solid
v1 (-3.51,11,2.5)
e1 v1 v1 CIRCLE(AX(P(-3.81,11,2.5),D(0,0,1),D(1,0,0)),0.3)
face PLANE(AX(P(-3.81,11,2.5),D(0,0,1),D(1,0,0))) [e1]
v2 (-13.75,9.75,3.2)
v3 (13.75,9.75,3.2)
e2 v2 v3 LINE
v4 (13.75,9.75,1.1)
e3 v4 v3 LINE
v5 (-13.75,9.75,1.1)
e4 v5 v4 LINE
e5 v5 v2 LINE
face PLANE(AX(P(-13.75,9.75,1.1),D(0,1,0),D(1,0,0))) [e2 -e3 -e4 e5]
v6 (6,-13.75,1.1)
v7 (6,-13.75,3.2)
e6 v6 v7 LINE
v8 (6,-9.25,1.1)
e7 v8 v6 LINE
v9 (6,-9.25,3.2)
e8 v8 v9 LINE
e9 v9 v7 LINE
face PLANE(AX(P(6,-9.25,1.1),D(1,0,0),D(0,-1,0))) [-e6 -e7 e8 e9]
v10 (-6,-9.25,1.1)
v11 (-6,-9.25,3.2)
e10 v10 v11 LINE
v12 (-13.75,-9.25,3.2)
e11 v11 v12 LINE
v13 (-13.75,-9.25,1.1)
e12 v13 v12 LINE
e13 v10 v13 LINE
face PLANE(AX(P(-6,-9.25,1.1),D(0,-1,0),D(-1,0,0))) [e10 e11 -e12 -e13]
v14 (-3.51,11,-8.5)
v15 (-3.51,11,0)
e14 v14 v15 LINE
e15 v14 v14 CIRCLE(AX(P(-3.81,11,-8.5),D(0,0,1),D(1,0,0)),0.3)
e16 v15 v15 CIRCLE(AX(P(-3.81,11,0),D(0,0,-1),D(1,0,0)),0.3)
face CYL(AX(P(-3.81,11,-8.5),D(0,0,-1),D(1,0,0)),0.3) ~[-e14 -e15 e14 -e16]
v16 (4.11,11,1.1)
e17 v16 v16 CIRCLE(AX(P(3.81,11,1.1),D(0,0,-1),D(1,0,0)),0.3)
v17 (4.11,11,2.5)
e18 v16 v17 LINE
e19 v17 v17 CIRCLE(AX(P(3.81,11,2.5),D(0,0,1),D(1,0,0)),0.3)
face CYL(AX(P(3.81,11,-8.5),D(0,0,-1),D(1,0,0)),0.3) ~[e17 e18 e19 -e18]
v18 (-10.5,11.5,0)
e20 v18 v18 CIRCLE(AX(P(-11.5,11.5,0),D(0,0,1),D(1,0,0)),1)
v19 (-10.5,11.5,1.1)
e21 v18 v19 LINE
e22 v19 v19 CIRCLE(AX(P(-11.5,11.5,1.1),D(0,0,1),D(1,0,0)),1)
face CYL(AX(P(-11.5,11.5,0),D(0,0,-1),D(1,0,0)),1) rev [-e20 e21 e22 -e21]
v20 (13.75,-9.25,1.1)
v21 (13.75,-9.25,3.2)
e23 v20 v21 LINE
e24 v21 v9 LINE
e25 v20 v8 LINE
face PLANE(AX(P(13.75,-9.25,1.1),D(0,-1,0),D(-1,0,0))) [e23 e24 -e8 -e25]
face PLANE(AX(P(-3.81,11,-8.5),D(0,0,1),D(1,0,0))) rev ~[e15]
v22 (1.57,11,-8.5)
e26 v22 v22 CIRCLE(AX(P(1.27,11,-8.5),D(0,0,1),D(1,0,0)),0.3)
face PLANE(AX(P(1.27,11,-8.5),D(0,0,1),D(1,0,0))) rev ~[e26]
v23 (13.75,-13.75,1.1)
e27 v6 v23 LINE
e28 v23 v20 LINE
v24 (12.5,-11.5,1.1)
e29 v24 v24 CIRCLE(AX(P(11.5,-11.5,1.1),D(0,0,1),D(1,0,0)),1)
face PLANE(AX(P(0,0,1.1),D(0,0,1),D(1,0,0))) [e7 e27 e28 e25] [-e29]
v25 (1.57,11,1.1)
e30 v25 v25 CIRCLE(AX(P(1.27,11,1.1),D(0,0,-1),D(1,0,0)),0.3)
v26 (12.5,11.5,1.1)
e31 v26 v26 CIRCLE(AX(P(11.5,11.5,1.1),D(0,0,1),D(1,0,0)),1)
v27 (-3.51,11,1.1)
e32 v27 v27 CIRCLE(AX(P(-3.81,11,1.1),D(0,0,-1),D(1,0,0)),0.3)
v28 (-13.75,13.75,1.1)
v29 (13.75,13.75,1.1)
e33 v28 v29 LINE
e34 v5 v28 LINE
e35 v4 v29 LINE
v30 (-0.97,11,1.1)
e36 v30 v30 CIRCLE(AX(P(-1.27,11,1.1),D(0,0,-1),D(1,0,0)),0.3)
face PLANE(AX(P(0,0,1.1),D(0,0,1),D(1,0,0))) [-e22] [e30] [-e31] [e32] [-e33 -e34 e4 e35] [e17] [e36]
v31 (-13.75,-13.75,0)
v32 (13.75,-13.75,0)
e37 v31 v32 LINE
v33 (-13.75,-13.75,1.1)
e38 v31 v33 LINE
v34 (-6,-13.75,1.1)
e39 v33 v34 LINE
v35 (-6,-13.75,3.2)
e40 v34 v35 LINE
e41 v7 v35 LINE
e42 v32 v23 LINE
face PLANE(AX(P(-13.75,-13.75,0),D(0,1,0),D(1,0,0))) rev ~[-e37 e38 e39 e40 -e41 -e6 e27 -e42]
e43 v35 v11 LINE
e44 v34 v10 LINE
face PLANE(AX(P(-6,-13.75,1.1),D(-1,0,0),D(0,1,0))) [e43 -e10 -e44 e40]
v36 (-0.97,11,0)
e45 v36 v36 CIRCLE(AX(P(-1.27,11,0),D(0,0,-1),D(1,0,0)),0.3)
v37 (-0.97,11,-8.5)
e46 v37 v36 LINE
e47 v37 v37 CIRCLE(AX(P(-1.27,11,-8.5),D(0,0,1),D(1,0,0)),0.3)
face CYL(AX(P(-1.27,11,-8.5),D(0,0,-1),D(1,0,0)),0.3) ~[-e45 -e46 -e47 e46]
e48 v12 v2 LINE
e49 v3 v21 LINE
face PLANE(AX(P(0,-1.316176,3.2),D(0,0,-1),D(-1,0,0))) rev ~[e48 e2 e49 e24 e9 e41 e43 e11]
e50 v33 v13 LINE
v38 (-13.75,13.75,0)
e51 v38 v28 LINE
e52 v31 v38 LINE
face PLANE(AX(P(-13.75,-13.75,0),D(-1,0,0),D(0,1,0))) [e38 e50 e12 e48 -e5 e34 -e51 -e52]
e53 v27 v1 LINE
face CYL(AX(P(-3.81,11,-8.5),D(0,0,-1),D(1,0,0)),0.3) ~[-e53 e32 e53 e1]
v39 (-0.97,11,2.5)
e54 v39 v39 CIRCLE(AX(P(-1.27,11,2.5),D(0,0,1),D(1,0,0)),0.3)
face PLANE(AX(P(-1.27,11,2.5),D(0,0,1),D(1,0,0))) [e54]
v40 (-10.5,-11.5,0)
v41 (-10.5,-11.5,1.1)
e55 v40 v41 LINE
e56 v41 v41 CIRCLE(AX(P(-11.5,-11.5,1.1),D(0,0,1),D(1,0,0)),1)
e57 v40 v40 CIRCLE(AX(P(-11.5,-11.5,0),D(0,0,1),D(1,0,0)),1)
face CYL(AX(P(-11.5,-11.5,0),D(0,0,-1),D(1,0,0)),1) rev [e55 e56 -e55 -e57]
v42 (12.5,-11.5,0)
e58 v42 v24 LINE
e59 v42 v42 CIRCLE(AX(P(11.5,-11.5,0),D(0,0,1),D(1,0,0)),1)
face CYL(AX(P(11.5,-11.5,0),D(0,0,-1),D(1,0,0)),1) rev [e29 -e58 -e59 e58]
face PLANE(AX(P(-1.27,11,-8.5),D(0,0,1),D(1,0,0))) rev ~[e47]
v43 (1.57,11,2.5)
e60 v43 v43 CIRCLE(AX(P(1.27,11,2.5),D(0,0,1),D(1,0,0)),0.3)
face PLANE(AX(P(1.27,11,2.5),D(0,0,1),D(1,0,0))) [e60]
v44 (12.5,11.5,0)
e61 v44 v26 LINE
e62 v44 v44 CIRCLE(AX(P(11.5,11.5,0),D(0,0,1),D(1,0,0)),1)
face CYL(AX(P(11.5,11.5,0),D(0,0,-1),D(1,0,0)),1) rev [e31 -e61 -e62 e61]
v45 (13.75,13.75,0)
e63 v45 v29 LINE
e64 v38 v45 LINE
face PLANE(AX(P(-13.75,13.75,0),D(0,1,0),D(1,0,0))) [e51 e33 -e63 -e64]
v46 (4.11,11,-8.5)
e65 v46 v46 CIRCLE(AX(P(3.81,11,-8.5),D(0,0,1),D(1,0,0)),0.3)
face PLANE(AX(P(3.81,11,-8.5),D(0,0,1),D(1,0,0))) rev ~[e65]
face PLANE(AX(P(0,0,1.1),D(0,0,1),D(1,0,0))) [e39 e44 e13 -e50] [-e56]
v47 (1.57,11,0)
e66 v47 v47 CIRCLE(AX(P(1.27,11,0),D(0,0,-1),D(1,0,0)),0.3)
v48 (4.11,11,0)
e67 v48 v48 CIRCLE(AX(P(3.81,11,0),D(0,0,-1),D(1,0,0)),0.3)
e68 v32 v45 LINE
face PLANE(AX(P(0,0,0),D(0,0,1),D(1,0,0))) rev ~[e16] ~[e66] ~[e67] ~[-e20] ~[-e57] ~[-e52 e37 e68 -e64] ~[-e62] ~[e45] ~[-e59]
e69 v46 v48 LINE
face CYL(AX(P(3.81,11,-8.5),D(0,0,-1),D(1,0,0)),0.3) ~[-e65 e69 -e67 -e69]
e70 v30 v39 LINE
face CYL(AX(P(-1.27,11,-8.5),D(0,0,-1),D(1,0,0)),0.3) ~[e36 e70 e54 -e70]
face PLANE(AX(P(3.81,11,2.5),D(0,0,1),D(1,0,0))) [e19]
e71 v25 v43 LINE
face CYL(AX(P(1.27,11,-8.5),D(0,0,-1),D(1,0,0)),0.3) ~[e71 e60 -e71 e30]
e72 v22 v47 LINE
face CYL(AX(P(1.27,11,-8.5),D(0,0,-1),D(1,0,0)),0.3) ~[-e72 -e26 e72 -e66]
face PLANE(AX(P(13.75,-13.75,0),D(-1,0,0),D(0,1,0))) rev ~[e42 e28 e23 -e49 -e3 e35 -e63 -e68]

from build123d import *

# Parameters (mm, degrees)
CYLINDER_R        = 0.3
CYLINDER_DEPTH    = 11
CYLINDER001_R     = 0.3
CYLINDER001_DEPTH = 11
CYLINDER002_R     = 0.3
CYLINDER002_DEPTH = 11
CYLINDER003_R     = 0.3
CYLINDER003_DEPTH = 11
SKETCH_W          = 27.5
SKETCH_H          = 27.5
PAD_DEPTH         = 1.1
SKETCH001_R       = 1
POCKET_DEPTH      = 1.1
PAD001_DEPTH      = 2.1


with BuildPart() as zylinder:
    # Cylinder → Cylinder (new body)
    with BuildSketch(Plane(origin=(-3.81, 11, -8.5), x_dir=(1, 0, 0), z_dir=(0, 0, 1))):
        Circle(CYLINDER_R)
    extrude(amount=CYLINDER_DEPTH)


with BuildPart() as zylinder001:
    # Cylinder001 → Cylinder001 (new body)
    with BuildSketch(Plane(origin=(-1.27, 11, -8.5), x_dir=(1, 0, 0), z_dir=(0, 0, 1))):
        Circle(CYLINDER001_R)
    extrude(amount=CYLINDER001_DEPTH)


with BuildPart() as zylinder002:
    # Cylinder002 → Cylinder002 (new body)
    with BuildSketch(Plane(origin=(3.81, 11, -8.5), x_dir=(1, 0, 0), z_dir=(0, 0, 1))):
        Circle(CYLINDER002_R)
    extrude(amount=CYLINDER002_DEPTH)


with BuildPart() as zylinder003:
    # Cylinder003 → Cylinder003 (new body)
    with BuildSketch(Plane(origin=(1.27, 11, -8.5), x_dir=(1, 0, 0), z_dir=(0, 0, 1))):
        Circle(CYLINDER003_R)
    extrude(amount=CYLINDER003_DEPTH)


with BuildPart() as fusion:
    # Sketch → Pad (new body)
    with BuildSketch(Plane.XY):
        Rectangle(SKETCH_W, SKETCH_H)
    extrude(amount=PAD_DEPTH)

    # Sketch001 → Pocket (cut)
    with BuildSketch(Plane.XY):
        with Locations((-11.5, 11.5)):
            Circle(SKETCH001_R)
        with Locations((11.5, 11.5)):
            Circle(SKETCH001_R)
        with Locations((11.5, -11.5)):
            Circle(SKETCH001_R)
        with Locations((-11.5, -11.5)):
            Circle(SKETCH001_R)
    extrude(amount=POCKET_DEPTH, mode=Mode.SUBTRACT)

    # Sketch002 (on Face5 of Pocket) → Pad001 (join)
    with BuildSketch(Plane.XY.offset(1.1)):
        Polygon((-13.75, 9.75), (13.75, 9.75), (13.75, -9.25), (6, -9.25), (6, -13.75), (-6, -13.75), (-6, -9.25), (-13.75, -9.25), align=None)
    extrude(amount=PAD001_DEPTH)

    # Fusion: union Zylinder, Zylinder001, Zylinder002, Zylinder003
    add(zylinder.part)
    add(zylinder001.part)
    add(zylinder002.part)
    add(zylinder003.part)


solid = fusion.part
